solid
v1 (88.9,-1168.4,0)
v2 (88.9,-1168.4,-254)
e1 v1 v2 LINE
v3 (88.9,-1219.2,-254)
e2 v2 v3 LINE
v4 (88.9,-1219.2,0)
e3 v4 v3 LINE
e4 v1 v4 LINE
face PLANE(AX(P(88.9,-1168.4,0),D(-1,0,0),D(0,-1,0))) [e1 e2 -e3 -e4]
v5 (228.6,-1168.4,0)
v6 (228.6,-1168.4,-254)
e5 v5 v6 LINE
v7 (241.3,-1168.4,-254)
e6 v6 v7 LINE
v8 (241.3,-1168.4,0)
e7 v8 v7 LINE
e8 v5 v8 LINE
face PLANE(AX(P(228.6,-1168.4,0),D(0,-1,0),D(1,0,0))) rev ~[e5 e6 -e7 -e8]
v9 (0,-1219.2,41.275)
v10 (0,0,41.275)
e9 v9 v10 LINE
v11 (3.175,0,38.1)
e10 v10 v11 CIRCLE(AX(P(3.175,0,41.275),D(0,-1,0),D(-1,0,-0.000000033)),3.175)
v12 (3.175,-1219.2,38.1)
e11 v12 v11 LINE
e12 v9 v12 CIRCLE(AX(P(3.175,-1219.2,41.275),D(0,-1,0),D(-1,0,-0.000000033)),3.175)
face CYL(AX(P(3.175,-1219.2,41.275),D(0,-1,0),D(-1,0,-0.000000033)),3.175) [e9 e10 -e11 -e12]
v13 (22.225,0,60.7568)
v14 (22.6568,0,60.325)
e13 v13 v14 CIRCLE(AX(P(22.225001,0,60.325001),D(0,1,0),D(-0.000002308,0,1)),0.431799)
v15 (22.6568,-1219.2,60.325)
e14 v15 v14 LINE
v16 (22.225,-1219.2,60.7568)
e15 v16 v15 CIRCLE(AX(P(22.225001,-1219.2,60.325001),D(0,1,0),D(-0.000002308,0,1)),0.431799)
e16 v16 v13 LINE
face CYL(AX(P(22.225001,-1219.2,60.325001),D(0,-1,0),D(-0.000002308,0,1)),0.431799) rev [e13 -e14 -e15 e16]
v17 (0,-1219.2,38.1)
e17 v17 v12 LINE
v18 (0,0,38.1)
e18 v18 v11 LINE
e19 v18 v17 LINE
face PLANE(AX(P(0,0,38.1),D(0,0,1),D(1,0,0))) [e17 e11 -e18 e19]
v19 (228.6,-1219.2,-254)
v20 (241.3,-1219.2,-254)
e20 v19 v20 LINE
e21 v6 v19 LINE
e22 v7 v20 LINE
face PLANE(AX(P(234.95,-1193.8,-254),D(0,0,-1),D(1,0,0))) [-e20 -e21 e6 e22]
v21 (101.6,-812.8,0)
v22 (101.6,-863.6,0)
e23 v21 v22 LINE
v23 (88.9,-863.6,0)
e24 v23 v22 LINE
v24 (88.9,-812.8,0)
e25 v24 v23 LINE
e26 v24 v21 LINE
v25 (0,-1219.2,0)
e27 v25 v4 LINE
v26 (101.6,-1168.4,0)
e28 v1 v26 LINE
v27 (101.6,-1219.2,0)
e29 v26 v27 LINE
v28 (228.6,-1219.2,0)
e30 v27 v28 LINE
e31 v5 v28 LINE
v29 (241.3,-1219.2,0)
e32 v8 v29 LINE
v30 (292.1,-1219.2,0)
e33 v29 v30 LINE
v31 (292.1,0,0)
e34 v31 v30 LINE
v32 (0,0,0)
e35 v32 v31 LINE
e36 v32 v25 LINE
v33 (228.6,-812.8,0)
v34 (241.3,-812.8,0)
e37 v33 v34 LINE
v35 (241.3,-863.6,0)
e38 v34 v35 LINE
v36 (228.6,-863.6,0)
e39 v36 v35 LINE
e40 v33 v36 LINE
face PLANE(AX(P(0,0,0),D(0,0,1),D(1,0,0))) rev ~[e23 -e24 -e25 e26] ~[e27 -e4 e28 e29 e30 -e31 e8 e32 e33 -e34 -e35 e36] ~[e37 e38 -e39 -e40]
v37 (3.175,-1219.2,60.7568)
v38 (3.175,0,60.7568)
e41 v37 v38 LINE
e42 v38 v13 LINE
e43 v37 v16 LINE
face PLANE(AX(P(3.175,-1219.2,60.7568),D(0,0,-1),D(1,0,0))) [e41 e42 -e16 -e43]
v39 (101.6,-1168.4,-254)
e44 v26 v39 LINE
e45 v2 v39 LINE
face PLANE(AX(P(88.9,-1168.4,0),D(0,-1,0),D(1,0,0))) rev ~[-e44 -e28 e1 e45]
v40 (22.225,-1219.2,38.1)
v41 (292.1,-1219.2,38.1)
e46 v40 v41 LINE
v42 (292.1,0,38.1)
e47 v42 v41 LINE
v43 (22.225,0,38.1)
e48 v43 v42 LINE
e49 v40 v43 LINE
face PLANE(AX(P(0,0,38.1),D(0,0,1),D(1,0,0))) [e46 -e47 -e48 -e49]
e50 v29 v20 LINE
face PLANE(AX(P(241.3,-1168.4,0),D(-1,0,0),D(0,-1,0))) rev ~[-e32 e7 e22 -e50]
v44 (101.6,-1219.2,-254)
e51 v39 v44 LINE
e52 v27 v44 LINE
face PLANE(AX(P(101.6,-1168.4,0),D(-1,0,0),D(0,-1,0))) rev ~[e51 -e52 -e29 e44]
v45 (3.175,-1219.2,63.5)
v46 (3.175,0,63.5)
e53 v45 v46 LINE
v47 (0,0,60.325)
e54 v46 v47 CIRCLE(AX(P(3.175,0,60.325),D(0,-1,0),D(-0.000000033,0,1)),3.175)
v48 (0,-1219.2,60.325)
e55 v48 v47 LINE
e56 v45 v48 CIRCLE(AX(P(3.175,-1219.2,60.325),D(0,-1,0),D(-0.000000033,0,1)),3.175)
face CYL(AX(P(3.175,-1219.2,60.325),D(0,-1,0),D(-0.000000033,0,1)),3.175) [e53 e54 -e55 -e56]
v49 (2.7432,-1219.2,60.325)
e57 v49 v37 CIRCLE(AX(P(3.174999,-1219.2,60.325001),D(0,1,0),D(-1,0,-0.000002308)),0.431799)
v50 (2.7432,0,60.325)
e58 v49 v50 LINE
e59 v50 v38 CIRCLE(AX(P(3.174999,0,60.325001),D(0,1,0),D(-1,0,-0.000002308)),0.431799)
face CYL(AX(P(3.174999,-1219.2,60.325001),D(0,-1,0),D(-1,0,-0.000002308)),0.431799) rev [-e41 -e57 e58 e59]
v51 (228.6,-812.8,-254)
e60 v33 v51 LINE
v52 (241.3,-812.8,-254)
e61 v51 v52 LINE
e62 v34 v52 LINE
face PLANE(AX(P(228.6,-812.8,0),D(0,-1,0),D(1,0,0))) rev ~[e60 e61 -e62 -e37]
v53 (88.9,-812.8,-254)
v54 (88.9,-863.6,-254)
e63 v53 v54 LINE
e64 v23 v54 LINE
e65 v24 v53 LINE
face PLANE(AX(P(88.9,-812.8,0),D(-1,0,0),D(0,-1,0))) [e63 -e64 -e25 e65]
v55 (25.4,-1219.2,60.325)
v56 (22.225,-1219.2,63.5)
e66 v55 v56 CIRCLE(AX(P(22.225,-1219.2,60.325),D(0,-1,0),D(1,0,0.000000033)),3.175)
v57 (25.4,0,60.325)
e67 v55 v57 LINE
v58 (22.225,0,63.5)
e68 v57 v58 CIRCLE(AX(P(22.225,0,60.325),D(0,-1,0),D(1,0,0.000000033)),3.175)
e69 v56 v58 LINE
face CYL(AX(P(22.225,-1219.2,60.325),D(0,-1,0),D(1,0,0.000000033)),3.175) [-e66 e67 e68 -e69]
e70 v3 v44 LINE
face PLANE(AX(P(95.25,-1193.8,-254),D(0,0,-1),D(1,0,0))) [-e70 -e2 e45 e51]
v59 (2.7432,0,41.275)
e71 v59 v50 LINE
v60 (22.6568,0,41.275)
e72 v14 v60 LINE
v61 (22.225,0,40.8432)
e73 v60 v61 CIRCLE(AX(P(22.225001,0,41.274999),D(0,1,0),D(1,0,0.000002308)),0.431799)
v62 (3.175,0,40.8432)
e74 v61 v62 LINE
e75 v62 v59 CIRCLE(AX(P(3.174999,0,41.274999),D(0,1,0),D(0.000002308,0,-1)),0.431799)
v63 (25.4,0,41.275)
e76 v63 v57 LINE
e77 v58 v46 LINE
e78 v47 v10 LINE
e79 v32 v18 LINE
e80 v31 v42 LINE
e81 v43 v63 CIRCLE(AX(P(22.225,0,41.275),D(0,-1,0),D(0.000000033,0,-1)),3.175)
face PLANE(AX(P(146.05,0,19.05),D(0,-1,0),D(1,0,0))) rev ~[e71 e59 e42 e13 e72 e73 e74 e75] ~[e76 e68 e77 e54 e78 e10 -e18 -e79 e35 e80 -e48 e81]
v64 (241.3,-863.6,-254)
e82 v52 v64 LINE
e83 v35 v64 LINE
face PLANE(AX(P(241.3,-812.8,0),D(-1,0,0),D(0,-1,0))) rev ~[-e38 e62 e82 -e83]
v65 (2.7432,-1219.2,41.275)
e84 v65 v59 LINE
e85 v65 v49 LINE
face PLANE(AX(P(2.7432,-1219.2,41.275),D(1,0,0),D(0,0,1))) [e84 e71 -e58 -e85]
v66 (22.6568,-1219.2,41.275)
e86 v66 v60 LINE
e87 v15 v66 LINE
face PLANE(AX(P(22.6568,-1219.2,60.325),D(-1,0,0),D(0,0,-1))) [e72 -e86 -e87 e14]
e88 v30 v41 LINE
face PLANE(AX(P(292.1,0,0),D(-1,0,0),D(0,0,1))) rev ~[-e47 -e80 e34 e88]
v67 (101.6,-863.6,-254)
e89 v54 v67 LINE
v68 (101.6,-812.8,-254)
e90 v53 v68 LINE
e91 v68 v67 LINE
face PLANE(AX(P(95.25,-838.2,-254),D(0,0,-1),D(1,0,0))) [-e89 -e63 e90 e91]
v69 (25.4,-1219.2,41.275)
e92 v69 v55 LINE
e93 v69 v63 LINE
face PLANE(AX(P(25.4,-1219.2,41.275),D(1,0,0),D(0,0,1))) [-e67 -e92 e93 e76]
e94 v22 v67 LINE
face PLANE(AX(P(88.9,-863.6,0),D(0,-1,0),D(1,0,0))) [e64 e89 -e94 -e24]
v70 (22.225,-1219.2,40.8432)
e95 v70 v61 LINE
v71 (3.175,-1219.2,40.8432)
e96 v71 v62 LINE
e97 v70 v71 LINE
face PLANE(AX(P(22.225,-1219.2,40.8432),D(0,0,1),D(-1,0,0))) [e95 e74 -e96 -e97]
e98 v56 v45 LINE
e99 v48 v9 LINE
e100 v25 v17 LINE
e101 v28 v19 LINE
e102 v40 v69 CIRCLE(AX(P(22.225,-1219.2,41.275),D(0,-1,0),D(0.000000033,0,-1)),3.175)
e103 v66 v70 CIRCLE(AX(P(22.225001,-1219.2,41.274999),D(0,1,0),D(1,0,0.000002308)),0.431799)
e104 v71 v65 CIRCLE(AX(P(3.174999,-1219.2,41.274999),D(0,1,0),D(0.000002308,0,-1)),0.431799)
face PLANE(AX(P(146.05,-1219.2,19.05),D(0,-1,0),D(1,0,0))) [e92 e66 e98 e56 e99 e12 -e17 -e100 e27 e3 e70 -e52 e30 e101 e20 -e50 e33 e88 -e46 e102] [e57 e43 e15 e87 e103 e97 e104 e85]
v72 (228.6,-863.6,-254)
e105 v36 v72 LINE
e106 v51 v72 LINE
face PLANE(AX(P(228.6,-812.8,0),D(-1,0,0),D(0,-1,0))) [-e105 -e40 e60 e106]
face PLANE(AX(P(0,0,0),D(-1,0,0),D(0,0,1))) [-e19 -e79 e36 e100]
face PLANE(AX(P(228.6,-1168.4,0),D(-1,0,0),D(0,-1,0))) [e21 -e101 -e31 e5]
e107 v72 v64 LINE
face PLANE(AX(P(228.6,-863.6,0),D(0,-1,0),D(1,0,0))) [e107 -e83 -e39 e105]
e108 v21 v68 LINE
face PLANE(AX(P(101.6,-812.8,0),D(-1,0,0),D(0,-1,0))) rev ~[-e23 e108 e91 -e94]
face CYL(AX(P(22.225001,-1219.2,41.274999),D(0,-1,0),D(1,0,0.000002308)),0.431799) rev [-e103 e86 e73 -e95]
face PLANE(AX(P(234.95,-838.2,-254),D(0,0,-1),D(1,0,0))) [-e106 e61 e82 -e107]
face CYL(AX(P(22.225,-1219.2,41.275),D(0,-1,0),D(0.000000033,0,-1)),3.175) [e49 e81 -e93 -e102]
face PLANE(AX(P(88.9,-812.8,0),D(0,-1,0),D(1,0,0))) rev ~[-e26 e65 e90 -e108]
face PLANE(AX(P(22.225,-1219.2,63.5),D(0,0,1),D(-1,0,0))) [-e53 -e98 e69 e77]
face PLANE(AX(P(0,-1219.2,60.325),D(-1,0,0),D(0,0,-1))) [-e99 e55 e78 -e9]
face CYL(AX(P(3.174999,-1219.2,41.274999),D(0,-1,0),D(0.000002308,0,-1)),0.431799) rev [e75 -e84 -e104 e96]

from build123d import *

# Parameters (mm, degrees)
F0_W     = 292.1
F0_H     = 38.1
F1_DEPTH = 1219.2
F3_DEPTH = 1219.2
F4_W     = 12.7
F4_H     = 50.8
F5_DEPTH = 254


with BuildPart() as f1:
    # F0 (on Front) → F1 (new body)
    with BuildSketch(Plane.XZ):
        with Locations((146.05, 19.05)):
            Rectangle(F0_W, F0_H)
    extrude(amount=F1_DEPTH)

    # F2 (on face) → F3 (join)
    with BuildSketch(Plane.XZ.offset(1219.2)):
        with BuildLine():
            ThreePointArc((0, 41.275), (0.929936, 39.029936), (3.175, 38.1))
            Line((3.175, 38.1), (22.225, 38.1))
            ThreePointArc((22.225, 38.1), (24.470064, 39.029936), (25.4, 41.275))
            Line((25.4, 41.275), (25.4, 60.325))
            ThreePointArc((25.4, 60.325), (24.470064, 62.570064), (22.225, 63.5))
            Line((22.225, 63.5), (3.175, 63.5))
            ThreePointArc((3.175, 63.5), (0.929936, 62.570064), (0, 60.325))
            Line((0, 60.325), (0, 41.275))
        make_face()
        with BuildLine():
            ThreePointArc((22.6568, 41.275), (22.530329, 40.969671), (22.225, 40.8432))
            Line((22.225, 40.8432), (3.175, 40.8432))
            ThreePointArc((3.175, 40.8432), (2.869671, 40.969671), (2.7432, 41.275))
            Line((2.7432, 41.275), (2.7432, 60.325))
            ThreePointArc((2.7432, 60.325), (2.869671, 60.630329), (3.175, 60.7568))
            Line((3.175, 60.7568), (22.225, 60.7568))
            ThreePointArc((22.225, 60.7568), (22.530329, 60.630329), (22.6568, 60.325))
            Line((22.6568, 60.325), (22.6568, 41.275))
        make_face(mode=Mode.SUBTRACT)
    extrude(amount=-F3_DEPTH)

    # F4 (on face) → F5 (join)
    with BuildSketch(Plane(origin=(0, 0, 0), x_dir=(1, 0, 0), z_dir=(0, 0, -1))):
        with Locations((95.25, 1193.8)):
            Rectangle(F4_W, F4_H)
        with Locations((234.95, 1193.8)):
            Rectangle(F4_W, F4_H)
        with Locations((95.25, 838.2)):
            Rectangle(F4_W, F4_H)
        with Locations((234.95, 838.2)):
            Rectangle(F4_W, F4_H)
    extrude(amount=F5_DEPTH)


solid = f1.part
